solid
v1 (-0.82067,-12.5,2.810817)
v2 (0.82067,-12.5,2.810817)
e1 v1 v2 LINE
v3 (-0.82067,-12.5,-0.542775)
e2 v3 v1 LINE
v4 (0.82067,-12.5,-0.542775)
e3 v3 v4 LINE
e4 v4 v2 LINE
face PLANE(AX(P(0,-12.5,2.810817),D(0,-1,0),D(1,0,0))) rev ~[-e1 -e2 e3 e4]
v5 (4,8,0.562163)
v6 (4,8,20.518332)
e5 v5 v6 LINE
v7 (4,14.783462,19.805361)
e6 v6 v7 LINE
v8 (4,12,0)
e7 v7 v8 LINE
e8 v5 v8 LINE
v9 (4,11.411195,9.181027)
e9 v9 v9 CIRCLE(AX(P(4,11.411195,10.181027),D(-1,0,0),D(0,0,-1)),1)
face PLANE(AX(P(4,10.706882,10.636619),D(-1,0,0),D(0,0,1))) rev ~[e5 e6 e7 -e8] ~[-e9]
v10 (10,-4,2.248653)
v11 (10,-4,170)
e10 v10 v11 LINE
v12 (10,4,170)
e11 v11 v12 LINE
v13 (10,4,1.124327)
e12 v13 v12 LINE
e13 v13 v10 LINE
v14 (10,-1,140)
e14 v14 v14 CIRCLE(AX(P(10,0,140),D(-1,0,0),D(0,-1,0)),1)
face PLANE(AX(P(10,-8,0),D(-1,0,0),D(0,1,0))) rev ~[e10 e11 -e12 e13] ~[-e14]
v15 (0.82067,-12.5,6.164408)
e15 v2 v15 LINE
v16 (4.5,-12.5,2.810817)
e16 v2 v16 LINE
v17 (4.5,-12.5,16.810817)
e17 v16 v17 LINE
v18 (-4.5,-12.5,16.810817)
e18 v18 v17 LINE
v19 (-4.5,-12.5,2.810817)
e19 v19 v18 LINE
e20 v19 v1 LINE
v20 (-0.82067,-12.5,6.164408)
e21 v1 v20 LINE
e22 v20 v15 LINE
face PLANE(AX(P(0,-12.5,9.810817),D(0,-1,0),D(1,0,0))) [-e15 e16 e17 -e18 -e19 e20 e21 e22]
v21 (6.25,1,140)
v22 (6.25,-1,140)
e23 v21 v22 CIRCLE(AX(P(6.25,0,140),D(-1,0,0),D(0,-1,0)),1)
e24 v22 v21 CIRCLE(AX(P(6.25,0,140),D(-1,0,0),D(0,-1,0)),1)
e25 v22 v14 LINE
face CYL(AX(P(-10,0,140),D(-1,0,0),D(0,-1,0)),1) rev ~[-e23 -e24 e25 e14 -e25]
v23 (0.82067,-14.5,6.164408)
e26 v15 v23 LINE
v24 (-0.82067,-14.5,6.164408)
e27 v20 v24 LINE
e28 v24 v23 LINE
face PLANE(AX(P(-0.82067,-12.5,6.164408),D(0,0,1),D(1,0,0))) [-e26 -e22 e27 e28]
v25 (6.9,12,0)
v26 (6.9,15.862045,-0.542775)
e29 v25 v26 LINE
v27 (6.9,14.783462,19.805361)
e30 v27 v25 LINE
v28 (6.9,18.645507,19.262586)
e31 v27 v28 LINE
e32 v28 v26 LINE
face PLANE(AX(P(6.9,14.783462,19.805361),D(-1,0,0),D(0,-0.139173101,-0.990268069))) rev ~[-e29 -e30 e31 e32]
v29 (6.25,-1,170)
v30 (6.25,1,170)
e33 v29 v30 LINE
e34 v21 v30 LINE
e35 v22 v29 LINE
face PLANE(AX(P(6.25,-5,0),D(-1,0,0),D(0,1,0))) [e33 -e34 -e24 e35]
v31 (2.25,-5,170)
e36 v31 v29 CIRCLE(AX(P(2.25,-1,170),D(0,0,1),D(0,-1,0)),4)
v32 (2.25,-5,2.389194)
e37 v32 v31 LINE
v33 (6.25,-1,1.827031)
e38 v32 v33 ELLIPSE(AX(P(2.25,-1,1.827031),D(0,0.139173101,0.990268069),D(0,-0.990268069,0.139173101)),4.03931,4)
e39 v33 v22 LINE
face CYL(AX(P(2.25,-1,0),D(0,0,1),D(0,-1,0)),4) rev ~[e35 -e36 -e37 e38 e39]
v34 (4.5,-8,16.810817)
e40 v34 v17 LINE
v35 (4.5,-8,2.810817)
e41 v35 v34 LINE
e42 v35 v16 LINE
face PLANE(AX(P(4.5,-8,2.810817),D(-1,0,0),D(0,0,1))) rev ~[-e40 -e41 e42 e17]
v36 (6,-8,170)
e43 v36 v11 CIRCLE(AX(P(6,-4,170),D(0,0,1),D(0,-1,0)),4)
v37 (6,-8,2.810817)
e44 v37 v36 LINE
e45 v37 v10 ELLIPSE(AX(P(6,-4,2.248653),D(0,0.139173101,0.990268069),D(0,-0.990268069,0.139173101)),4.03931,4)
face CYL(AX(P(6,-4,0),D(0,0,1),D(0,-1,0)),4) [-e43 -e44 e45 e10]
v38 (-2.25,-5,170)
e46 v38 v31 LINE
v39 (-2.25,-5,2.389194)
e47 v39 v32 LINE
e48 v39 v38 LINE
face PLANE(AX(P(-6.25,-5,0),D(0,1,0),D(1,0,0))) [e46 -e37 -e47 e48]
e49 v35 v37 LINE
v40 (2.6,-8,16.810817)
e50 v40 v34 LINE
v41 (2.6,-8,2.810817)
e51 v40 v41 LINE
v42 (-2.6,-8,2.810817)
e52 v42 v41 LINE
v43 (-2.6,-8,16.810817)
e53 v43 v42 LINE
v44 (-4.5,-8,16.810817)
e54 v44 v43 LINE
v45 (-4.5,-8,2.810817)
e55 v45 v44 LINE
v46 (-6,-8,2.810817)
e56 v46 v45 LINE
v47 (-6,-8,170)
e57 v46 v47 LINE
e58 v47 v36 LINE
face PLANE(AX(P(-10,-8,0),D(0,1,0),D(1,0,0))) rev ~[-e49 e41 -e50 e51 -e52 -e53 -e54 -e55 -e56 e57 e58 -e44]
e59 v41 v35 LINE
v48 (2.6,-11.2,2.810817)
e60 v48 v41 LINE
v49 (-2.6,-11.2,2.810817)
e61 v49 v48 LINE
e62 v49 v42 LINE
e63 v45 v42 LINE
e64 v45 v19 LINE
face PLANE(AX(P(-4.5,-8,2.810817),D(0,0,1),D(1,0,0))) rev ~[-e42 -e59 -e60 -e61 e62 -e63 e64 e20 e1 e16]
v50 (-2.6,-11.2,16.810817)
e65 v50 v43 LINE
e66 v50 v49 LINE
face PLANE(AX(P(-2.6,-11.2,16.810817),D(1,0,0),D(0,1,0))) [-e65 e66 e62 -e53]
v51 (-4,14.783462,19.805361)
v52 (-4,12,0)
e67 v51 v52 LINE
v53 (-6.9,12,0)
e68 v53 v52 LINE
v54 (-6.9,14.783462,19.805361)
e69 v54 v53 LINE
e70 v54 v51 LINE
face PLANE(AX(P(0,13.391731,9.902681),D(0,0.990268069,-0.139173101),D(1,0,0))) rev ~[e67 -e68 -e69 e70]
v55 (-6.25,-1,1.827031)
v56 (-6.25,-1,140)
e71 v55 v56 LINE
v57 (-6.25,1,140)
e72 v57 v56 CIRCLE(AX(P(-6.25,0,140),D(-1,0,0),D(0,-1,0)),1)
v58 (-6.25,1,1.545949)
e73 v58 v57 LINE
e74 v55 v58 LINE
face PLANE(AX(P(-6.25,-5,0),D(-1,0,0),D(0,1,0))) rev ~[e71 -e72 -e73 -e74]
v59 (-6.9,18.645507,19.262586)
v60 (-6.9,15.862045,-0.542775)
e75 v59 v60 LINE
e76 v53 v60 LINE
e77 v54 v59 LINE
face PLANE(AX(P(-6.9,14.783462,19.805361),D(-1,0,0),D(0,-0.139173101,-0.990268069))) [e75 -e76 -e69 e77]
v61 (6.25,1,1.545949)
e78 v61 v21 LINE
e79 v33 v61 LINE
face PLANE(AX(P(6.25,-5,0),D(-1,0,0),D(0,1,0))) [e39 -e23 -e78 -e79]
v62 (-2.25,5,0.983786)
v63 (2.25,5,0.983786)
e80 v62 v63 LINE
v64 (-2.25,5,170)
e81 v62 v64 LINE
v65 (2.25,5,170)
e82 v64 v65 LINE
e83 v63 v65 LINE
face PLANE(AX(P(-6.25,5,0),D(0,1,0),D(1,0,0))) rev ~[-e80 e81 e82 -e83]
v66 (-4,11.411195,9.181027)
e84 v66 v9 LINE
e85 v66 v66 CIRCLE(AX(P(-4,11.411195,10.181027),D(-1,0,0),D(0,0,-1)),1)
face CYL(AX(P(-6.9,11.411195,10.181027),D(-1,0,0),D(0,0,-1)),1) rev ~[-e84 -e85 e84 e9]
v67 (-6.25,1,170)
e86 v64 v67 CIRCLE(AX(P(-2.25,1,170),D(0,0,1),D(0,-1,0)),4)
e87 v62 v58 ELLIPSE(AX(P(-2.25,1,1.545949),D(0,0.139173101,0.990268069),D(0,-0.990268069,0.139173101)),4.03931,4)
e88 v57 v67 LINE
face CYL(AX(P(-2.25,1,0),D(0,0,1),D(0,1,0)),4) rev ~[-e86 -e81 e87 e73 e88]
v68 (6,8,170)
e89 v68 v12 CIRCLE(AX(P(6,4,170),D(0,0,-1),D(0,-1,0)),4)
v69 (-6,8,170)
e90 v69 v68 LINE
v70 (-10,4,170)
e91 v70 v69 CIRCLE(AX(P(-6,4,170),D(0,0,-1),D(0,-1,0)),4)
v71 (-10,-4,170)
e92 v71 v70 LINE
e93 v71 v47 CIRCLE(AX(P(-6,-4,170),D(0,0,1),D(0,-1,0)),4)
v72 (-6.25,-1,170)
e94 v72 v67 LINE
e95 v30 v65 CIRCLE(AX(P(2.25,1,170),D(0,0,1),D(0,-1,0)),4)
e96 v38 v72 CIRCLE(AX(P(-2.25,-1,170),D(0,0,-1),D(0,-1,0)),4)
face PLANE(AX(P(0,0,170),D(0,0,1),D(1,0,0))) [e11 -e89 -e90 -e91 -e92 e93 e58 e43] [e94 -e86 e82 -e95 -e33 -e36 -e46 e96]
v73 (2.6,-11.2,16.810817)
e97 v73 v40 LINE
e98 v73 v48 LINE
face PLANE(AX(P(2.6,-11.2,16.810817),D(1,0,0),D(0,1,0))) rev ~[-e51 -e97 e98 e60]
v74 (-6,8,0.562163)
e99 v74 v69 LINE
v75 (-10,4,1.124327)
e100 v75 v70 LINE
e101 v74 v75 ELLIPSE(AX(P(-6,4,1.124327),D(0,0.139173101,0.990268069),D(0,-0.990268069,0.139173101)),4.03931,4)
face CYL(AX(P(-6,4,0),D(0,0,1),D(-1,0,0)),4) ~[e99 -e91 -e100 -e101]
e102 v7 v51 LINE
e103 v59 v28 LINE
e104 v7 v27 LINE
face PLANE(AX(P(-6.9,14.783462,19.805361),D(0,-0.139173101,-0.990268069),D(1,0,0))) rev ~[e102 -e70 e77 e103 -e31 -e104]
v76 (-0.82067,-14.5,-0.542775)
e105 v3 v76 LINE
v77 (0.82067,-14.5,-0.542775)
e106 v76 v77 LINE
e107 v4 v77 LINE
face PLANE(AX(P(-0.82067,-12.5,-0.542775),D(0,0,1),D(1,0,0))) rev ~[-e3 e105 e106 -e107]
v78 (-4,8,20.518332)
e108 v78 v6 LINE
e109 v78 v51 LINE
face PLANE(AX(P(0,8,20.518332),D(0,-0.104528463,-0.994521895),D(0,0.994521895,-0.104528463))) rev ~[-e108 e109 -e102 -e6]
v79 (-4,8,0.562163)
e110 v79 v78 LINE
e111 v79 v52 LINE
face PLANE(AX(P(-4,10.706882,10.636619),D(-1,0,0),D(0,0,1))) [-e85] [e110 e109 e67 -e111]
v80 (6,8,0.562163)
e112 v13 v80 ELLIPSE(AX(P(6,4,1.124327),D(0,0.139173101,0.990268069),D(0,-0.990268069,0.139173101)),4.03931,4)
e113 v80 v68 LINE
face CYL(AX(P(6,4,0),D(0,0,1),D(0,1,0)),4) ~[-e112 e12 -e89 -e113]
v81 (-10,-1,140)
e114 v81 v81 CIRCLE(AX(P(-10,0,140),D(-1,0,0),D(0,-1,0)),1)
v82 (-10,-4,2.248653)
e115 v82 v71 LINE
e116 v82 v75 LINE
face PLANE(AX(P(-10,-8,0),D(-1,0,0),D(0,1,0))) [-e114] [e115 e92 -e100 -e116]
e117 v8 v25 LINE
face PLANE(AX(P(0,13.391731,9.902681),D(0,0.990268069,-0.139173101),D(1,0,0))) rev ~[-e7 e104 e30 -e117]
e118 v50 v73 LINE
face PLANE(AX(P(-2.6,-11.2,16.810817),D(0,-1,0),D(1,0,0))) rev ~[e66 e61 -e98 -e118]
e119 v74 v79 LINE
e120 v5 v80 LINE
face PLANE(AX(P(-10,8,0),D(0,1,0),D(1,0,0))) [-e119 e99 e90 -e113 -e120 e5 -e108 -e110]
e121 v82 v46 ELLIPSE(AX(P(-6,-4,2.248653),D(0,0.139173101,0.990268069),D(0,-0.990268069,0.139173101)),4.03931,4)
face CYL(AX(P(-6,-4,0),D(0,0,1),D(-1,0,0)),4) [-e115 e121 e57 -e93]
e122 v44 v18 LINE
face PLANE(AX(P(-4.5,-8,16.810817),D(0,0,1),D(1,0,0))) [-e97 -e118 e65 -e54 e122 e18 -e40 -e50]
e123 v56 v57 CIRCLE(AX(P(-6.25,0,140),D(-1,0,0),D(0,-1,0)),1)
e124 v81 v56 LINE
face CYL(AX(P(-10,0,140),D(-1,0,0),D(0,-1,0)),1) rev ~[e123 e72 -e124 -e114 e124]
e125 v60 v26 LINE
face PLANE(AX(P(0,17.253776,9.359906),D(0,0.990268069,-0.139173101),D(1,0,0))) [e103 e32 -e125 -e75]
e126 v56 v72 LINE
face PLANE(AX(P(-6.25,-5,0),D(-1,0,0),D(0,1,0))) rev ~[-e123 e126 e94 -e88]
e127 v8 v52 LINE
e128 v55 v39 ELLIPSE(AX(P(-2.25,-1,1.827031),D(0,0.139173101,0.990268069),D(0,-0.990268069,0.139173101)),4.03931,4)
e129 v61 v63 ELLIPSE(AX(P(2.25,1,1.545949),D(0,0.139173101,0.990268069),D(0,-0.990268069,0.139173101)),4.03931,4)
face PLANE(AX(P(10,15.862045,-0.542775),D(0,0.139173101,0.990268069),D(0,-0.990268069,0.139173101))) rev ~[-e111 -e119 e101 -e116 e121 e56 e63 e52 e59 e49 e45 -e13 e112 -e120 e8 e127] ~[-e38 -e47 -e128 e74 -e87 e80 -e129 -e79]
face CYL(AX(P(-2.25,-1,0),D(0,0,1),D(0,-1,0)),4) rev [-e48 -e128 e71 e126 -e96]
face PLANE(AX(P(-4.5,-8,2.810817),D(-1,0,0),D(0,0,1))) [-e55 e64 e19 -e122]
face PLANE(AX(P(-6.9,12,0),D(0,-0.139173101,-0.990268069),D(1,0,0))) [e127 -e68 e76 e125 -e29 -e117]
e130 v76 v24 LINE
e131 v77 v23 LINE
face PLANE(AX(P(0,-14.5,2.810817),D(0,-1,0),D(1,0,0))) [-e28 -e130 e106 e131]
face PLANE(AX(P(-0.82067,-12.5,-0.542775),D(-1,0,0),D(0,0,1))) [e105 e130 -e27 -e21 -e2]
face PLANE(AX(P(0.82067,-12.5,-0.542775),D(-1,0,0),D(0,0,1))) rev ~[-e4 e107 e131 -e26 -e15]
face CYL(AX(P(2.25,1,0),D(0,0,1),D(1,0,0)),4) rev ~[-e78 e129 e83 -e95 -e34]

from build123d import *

# Parameters (mm, degrees)
SKETCH1_W                = 20
SKETCH1_H                = 16
SKETCH1_W_2              = 12.5
SKETCH1_H_2              = 10
BOSS_EXTRUDE1_DEPTH      = 170
FILLET1_R                = 4
FILLET2_R                = 4
SKETCH5_R                = 1
CUT_EXTRUDE2_DEPTH       = 21
BOSS_EXTRUDE2_DEPTH      = 4
BOSS_EXTRUDE2_DEPTH_BACK = 4
SKETCH7_W                = 13.8
SKETCH7_H                = 20
BOSS_EXTRUDE3_DEPTH      = 3.9
SKETCH8_R                = 1
CUT_EXTRUDE3_DEPTH       = 17.9
CUT_EXTRUDE4_DEPTH       = 21
SKETCH10_W               = 9
SKETCH10_H               = 14
BOSS_EXTRUDE4_DEPTH      = 4.5
SKETCH11_W               = 5.2
SKETCH11_H               = 3.2
CUT_EXTRUDE5_DEPTH       = 18.353591788
SKETCH12_W               = 1.641339812
SKETCH12_H               = 6.707183576
BOSS_EXTRUDE5_DEPTH      = 2


with BuildPart() as part:
    # Sketch1 → Boss-Extrude1 (new body)
    with BuildSketch(Plane.XY):
        Rectangle(SKETCH1_W, SKETCH1_H)
        Rectangle(SKETCH1_W_2, SKETCH1_H_2, mode=Mode.SUBTRACT)
    extrude(amount=BOSS_EXTRUDE1_DEPTH)

    # Fillet1
    fillet1_edges = [part.edges().sort_by_distance(p)[0] for p in [
        (10, -8, 85),
        (-10, -8, 85),
        (-10, 8, 85),
        (10, 8, 85),
    ]]
    fillet(fillet1_edges, radius=FILLET1_R)

    # Fillet2
    fillet2_edges = [part.edges().sort_by_distance(p)[0] for p in [
        (-6.25, 5, 85),
        (-6.25, -5, 85),
        (6.25, -5, 85),
        (6.25, 5, 85),
    ]]
    fillet(fillet2_edges, radius=FILLET2_R)

    # Sketch5 → Cut-Extrude2 (cut, through all)
    with BuildSketch(Plane.ZY.offset(10)):
        with Locations(Location((140, 0, 0), (0, 0, 270))):  # turned: the seam where the file's is
            Circle(SKETCH5_R)
    extrude(amount=-CUT_EXTRUDE2_DEPTH, mode=Mode.SUBTRACT)

    # Sketch6 → Boss-Extrude2 (add, two sides)
    with BuildSketch(Plane(origin=(0, 0, 0), x_dir=(0, 0, -1), z_dir=(1, 0, 0))) as boss_extrude2_sk:
        Polygon((0, 8), (-20.518331963, 8), (-19.805361375, 14.783462019), (0, 12), align=None)
    extrude(amount=BOSS_EXTRUDE2_DEPTH)
    extrude(boss_extrude2_sk.sketch, amount=-BOSS_EXTRUDE2_DEPTH_BACK)

    # Sketch7 → Boss-Extrude3 (add)
    with BuildSketch(Plane(origin=(0, 11.767570176, -1.653824135), x_dir=(1, 0, 0), z_dir=(0, 0.990268069, -0.139173101))):
        with Locations((0, -11.670077212)):
            Rectangle(SKETCH7_W, SKETCH7_H)
    extrude(amount=BOSS_EXTRUDE3_DEPTH)

    # Sketch8 → Cut-Extrude3 (cut, through all)
    with BuildSketch(Plane.ZY.offset(6.9)):
        with Locations(Location((10.181026889, 11.411194872, 0), (0, 0, 180))):  # turned: the seam where the file's is
            Circle(SKETCH8_R)
    extrude(amount=-CUT_EXTRUDE3_DEPTH, mode=Mode.SUBTRACT)

    # Sketch9 → Cut-Extrude4 (cut, through all)
    with BuildSketch(Plane(origin=(10, 0, 0), x_dir=(0, 0, -1), z_dir=(1, 0, 0))):
        Polygon((0.542775094, 15.862045468), (-3.375840567, -12.020353756), (9.67259421, -8.835863415), (6.237624145, 16.663737896), align=None)
    extrude(amount=-CUT_EXTRUDE4_DEPTH, mode=Mode.SUBTRACT)

    # Sketch10 → Boss-Extrude4 (add)
    with BuildSketch(Plane.XZ.offset(8)):
        with Locations((0, 9.810816694)):
            Rectangle(SKETCH10_W, SKETCH10_H)
    extrude(amount=BOSS_EXTRUDE4_DEPTH)

    # Sketch11 → Cut-Extrude5 (cut, through all)
    with BuildSketch(Plane.XY.offset(16.810816694)):
        with Locations((0, -9.6)):
            Rectangle(SKETCH11_W, SKETCH11_H)
    extrude(amount=-CUT_EXTRUDE5_DEPTH, mode=Mode.SUBTRACT)

    # Sketch12 → Boss-Extrude5 (add)
    with BuildSketch(Plane.XZ.offset(12.5)):
        with Locations((0, 2.810816694)):
            Rectangle(SKETCH12_W, SKETCH12_H)
    extrude(amount=BOSS_EXTRUDE5_DEPTH)


solid = part.part
